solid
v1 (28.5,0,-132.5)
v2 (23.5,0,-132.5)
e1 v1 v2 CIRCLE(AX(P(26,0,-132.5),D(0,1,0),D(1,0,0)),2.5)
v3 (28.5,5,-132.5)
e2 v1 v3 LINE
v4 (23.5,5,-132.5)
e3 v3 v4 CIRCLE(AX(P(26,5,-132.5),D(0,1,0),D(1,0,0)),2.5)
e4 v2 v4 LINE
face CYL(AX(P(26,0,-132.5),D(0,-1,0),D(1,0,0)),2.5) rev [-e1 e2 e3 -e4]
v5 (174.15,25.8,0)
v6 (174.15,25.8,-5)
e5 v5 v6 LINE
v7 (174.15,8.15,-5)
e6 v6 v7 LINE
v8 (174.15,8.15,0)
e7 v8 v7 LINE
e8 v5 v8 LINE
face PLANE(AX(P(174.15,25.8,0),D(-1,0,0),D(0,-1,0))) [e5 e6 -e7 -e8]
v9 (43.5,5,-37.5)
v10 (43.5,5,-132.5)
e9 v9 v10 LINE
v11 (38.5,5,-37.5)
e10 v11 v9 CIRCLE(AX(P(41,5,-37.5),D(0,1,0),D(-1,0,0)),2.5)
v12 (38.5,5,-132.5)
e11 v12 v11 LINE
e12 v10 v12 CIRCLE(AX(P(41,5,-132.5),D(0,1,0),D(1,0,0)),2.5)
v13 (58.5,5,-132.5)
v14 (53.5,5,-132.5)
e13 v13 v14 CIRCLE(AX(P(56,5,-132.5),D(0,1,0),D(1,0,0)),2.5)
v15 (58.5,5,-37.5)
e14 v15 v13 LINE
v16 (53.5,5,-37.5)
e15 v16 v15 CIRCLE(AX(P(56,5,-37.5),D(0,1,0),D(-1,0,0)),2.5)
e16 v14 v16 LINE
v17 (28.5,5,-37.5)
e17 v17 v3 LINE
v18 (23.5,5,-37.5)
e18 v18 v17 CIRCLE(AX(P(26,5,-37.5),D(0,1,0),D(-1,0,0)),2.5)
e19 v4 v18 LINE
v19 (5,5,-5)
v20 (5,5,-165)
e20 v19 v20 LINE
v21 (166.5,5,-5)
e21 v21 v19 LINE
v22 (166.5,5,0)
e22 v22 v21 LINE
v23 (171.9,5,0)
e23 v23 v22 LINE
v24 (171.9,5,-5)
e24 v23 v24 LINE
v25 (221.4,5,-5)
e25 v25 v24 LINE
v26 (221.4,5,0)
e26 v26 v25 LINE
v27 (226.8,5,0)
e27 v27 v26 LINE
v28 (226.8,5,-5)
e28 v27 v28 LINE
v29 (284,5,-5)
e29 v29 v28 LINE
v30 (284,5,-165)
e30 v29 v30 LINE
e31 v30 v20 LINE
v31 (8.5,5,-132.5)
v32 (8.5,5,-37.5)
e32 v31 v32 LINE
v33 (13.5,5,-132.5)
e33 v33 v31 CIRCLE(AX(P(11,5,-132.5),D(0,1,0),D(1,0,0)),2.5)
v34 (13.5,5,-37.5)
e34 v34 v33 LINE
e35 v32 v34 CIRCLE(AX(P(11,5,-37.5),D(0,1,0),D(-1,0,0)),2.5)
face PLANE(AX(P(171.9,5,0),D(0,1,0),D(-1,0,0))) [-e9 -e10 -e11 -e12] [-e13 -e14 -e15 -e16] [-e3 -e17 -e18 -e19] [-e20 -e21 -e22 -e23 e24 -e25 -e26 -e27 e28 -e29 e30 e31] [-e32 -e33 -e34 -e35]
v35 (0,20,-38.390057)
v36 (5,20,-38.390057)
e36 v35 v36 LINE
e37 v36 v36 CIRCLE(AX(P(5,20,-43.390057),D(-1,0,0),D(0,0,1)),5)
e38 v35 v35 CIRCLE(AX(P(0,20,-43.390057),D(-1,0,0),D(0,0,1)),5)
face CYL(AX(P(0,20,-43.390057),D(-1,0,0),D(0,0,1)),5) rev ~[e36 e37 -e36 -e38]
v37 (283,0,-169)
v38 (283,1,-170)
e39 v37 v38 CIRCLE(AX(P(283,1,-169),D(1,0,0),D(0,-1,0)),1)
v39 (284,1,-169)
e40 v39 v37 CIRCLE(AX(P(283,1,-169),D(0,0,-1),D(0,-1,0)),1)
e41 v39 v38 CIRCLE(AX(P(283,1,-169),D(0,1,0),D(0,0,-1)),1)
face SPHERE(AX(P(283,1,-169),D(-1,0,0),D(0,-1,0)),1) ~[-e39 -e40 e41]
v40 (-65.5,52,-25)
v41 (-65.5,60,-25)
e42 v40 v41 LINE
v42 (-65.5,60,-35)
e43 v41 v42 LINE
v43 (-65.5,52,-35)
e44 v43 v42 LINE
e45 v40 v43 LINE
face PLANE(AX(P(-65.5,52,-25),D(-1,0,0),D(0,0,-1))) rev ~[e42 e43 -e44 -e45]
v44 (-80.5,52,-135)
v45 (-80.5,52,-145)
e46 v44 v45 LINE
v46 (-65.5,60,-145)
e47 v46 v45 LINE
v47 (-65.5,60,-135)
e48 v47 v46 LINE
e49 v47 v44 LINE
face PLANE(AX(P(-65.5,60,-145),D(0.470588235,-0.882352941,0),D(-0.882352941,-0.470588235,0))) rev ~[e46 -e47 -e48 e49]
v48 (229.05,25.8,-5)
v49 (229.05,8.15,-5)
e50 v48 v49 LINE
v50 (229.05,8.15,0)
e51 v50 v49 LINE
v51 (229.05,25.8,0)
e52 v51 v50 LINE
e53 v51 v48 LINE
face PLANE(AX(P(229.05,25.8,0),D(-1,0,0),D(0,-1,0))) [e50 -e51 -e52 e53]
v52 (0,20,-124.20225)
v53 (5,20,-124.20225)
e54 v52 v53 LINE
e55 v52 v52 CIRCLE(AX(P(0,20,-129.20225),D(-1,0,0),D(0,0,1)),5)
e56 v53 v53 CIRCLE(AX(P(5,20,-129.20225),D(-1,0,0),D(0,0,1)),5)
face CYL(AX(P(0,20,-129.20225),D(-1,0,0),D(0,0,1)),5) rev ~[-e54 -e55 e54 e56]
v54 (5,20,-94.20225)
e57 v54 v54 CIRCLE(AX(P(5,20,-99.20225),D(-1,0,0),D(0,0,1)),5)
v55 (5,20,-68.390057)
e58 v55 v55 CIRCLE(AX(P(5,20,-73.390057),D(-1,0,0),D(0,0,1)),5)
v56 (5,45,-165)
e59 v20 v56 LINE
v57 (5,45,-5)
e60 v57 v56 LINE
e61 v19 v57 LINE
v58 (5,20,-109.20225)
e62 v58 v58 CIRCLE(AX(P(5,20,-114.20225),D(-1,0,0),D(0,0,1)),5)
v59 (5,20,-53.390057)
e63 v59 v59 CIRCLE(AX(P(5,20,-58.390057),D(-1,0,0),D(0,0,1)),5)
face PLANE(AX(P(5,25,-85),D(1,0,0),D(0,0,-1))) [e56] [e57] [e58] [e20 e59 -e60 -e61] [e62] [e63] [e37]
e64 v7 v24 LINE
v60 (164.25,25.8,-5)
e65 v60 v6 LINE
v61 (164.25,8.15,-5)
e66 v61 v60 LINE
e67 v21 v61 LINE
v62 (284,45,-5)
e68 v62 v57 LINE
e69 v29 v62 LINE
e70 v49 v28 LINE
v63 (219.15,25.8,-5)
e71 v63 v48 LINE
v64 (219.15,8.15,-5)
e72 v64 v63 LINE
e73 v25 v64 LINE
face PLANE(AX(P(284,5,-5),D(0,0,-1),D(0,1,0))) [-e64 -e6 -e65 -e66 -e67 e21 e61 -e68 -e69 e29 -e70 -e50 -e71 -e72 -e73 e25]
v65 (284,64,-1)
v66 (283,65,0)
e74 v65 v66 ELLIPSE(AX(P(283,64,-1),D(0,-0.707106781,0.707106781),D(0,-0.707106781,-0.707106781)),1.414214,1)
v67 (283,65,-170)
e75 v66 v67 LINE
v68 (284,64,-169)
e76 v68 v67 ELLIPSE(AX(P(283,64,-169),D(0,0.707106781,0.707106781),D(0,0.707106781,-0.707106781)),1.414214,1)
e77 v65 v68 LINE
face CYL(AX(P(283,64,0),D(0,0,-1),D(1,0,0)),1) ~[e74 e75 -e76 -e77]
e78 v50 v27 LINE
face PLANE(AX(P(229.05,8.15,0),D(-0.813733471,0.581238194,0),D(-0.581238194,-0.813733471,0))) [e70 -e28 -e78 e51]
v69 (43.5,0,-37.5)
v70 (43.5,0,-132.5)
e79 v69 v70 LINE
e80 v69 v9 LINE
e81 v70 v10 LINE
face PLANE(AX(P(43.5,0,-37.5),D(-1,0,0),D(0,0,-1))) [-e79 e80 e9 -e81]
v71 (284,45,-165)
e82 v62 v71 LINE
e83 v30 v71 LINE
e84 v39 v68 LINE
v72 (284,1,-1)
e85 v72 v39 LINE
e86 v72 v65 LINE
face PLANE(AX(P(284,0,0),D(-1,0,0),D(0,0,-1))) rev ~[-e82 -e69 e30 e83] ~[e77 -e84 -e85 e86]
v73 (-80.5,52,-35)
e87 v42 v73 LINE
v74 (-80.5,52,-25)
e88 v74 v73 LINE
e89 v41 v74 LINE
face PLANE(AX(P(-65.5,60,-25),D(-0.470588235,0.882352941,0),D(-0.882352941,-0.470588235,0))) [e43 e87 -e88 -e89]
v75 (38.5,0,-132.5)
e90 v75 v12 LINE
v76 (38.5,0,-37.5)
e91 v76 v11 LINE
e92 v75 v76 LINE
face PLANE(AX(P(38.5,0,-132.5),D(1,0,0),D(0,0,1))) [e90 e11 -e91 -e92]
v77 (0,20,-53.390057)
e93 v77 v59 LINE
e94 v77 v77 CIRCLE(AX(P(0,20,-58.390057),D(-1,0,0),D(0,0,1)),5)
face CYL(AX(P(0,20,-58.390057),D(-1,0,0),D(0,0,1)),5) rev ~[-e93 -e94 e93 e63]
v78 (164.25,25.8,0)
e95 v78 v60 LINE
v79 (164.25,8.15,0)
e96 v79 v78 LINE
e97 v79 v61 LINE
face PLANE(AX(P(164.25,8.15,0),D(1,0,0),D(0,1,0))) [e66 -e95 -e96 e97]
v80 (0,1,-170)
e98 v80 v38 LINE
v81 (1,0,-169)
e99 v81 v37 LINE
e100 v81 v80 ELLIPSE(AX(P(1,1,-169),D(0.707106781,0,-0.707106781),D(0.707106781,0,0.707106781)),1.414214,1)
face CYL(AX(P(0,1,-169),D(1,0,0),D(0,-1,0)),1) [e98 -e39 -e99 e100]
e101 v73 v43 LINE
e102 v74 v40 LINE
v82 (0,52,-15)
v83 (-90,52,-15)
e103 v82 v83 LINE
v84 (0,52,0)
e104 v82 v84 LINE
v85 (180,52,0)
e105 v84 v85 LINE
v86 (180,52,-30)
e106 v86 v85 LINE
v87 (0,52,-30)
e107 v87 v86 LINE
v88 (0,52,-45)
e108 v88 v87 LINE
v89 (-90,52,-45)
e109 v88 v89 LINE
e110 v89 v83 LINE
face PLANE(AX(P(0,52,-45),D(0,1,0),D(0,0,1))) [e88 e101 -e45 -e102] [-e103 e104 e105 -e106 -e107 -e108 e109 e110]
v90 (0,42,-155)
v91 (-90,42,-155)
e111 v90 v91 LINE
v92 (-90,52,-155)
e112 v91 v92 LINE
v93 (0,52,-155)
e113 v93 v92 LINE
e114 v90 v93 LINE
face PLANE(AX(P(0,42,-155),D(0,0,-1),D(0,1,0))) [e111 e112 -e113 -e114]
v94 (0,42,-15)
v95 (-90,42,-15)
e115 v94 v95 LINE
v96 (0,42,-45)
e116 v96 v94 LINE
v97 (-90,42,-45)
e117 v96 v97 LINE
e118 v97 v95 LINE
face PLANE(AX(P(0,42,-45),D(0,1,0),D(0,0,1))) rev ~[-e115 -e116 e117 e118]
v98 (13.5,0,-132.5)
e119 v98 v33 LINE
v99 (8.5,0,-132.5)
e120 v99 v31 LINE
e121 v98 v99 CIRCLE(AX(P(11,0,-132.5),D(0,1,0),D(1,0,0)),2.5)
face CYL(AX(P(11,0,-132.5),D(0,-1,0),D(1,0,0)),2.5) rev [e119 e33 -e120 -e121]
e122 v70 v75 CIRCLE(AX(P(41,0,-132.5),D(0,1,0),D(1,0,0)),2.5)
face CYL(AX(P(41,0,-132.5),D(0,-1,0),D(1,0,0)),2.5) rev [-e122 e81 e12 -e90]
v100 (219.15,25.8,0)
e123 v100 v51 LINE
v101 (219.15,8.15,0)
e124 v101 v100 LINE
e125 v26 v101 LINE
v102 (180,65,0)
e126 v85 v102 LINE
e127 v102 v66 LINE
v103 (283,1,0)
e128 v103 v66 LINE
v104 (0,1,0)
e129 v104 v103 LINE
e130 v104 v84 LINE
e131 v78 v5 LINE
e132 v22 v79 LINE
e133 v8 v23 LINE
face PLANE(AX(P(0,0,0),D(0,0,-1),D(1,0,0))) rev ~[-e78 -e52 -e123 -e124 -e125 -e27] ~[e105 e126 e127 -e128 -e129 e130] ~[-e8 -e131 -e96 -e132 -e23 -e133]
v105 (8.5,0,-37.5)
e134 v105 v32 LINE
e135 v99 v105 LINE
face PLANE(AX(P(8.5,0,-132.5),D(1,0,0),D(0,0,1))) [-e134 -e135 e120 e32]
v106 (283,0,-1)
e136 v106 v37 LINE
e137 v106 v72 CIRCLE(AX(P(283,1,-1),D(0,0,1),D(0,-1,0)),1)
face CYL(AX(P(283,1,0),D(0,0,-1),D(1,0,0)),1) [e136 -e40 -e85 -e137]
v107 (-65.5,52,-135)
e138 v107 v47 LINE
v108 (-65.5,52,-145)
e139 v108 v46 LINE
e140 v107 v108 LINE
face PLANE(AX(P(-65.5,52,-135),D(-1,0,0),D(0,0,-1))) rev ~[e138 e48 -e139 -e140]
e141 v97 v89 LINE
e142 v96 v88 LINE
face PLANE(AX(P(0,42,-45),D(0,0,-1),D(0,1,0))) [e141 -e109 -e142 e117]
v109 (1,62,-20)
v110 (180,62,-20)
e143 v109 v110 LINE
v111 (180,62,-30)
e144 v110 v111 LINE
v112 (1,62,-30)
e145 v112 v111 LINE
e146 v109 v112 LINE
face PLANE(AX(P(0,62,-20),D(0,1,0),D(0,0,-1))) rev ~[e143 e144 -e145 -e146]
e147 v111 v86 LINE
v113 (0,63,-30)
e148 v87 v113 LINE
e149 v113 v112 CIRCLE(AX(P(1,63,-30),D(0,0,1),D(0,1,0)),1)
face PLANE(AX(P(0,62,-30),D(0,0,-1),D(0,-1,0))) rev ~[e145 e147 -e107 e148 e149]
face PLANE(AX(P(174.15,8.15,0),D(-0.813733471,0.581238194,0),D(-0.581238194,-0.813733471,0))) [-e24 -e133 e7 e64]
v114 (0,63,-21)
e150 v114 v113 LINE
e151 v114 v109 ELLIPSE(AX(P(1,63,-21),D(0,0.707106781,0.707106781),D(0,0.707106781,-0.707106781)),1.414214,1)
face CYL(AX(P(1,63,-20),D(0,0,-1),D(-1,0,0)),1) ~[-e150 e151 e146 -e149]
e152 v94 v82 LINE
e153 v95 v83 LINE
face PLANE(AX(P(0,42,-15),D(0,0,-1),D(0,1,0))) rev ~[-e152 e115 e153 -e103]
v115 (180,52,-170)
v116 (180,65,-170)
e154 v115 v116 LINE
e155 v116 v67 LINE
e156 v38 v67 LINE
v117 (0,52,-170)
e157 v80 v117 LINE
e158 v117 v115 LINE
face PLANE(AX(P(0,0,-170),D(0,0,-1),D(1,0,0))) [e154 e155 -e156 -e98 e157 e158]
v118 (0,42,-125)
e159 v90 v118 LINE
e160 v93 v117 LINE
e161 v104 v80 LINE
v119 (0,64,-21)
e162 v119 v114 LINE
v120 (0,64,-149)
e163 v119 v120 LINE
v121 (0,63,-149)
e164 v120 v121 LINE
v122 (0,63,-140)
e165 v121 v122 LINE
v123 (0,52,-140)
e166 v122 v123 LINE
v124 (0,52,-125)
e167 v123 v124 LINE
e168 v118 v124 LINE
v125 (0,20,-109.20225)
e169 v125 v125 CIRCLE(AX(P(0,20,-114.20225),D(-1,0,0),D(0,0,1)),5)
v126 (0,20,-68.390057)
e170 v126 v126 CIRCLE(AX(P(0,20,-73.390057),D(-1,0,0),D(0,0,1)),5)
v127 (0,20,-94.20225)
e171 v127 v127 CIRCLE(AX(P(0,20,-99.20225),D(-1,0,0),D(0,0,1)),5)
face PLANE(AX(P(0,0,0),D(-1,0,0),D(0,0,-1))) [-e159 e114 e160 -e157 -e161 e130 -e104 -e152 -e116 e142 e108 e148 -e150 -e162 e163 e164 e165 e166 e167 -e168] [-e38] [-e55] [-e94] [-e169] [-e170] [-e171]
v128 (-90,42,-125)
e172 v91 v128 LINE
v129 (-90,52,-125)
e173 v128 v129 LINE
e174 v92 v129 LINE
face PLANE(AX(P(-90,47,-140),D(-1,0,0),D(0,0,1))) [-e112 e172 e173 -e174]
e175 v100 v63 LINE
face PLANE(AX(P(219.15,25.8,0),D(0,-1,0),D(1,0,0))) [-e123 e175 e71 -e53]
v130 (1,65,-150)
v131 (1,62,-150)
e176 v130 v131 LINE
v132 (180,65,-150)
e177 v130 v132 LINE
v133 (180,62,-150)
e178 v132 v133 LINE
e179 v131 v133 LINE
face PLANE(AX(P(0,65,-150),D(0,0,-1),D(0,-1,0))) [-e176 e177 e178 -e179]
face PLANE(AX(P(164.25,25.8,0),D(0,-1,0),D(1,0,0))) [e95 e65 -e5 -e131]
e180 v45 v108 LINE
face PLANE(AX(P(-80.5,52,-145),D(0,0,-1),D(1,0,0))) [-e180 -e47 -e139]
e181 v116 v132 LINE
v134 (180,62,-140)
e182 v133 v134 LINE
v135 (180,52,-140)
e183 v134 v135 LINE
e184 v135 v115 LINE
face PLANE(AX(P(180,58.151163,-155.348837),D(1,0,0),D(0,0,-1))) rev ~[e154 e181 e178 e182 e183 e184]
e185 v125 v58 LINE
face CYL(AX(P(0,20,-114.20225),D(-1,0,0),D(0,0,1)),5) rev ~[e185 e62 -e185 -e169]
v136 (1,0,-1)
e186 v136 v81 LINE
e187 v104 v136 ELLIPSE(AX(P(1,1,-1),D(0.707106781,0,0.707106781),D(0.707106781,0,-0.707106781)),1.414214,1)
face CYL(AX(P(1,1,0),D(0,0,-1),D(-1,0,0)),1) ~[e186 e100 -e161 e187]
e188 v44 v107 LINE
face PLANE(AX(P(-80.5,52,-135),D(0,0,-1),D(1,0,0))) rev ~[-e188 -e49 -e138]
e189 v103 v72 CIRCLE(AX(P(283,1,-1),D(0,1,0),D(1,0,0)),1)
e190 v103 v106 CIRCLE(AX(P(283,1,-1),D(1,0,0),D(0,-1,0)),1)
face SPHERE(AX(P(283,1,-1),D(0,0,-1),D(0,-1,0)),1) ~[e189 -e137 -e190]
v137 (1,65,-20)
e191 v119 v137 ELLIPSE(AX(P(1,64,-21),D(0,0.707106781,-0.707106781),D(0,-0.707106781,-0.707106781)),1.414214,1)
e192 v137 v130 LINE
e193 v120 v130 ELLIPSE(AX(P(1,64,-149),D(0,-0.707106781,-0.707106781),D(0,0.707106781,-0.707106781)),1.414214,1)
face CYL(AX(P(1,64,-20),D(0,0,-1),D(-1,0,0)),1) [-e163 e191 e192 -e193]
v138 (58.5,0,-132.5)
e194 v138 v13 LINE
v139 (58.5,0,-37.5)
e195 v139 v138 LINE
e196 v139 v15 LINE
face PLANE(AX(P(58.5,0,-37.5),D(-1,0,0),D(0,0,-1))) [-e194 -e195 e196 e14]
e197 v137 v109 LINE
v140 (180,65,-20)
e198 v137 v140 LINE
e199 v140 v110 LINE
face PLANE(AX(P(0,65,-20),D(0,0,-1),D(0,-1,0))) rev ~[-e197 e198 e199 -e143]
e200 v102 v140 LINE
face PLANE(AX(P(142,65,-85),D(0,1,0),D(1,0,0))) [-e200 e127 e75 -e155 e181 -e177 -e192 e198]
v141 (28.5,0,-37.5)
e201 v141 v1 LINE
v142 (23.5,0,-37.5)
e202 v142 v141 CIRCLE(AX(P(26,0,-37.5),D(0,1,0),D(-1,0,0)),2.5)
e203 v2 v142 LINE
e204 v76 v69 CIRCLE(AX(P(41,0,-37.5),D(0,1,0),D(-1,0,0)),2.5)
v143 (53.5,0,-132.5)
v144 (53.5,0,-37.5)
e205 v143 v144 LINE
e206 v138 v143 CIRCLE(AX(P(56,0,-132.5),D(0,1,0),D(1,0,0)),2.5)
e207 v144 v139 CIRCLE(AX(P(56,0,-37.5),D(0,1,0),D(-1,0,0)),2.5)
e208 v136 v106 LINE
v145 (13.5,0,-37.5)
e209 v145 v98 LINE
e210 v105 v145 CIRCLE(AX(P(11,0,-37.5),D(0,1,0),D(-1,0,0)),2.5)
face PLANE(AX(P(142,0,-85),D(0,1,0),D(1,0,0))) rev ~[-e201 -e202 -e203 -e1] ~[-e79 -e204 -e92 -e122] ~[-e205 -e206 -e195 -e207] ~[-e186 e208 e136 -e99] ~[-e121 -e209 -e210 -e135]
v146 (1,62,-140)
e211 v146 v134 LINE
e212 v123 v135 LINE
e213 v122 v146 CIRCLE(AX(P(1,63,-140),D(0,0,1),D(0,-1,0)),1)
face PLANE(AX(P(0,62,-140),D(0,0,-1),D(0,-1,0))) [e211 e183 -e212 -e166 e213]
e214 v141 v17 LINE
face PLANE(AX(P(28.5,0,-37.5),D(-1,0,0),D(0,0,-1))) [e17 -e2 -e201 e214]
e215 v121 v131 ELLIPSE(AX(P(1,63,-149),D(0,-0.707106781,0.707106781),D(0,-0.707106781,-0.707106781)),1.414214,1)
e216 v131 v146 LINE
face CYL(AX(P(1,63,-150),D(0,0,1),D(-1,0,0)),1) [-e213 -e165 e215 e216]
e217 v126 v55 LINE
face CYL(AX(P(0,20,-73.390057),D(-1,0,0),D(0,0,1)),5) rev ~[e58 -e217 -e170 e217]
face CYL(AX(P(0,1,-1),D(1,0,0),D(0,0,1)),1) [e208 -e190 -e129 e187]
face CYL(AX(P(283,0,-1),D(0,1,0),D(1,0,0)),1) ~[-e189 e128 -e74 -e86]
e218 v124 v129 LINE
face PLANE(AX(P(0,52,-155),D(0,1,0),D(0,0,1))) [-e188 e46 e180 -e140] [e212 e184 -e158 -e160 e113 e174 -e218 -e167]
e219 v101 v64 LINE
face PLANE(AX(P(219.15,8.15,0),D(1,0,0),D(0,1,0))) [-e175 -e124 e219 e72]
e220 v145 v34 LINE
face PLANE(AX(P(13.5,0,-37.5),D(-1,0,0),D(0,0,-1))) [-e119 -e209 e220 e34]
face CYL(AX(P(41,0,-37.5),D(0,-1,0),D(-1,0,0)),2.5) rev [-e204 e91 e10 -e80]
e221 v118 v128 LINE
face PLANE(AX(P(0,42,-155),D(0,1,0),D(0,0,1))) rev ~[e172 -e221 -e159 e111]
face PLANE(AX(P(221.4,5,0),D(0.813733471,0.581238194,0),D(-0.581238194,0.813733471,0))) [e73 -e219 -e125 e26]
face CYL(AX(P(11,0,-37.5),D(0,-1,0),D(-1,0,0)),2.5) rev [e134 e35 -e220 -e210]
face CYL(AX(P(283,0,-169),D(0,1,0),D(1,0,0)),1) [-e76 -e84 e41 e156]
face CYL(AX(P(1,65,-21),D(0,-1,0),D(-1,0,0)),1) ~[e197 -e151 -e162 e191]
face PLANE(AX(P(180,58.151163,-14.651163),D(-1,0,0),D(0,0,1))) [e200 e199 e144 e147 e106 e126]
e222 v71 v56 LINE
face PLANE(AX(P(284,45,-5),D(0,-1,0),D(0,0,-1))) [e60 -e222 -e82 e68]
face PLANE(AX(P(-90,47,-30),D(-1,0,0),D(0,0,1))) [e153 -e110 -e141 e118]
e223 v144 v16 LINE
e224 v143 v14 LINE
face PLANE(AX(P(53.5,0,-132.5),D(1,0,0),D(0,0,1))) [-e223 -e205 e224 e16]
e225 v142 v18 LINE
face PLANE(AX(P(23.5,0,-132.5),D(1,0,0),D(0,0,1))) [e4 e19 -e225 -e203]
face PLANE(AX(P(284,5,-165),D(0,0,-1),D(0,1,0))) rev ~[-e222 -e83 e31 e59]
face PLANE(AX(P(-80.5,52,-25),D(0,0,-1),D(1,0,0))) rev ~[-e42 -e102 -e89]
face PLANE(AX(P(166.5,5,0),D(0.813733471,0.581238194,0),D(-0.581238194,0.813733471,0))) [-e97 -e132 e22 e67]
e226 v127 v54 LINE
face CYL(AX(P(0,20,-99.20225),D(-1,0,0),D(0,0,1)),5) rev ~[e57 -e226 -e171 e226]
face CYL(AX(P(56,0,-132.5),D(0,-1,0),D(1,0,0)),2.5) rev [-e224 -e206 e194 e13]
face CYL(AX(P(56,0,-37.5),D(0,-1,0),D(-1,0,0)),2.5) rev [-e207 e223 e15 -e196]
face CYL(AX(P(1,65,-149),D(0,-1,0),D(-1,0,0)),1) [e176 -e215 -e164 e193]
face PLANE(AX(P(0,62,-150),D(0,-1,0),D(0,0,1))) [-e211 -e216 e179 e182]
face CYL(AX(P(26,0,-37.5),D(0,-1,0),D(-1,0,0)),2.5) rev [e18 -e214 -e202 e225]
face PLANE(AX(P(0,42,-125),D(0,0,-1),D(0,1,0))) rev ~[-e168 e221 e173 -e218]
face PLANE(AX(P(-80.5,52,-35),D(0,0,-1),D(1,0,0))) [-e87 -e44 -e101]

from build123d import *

# Parameters (mm, degrees)
SKETCH1_W           = 284
SKETCH1_H           = 170
BOSS_EXTRUDE1_DEPTH = 65
CUT_EXTRUDE1_DEPTH  = 180
SKETCH3_W           = 30
SKETCH3_H           = 10
BOSS_EXTRUDE2_DEPTH = 90
SKETCH4_W           = 15
SKETCH4_H           = 10
BOSS_EXTRUDE3_DEPTH = 8
CUT_EXTRUDE2_DEPTH  = 10
CUT_EXTRUDE3_DEPTH  = 10
CUT_EXTRUDE4_DEPTH  = 5
SKETCH8_W           = 160
SKETCH8_H           = 40
CUT_EXTRUDE5_DEPTH  = 279
CUT_EXTRUDE6_DEPTH  = 5
SKETCH10_R          = 5
CUT_EXTRUDE7_DEPTH  = 5
FILLET1_R           = 1
FILLET2_R           = 1


with BuildPart() as part:
    # Sketch1 → Boss-Extrude1 (new body)
    with BuildSketch(Plane(origin=(0, 0, 0), x_dir=(1, 0, 0), z_dir=(0, 1, 0))):
        with Locations((142, 85)):
            Rectangle(SKETCH1_W, SKETCH1_H)
    extrude(amount=BOSS_EXTRUDE1_DEPTH)

    # Sketch2 → Cut-Extrude1 (cut)
    with BuildSketch(Plane.ZY):
        Polygon((-140, 52), (-170, 52), (-170, 65), (-150, 65), (-150, 62), (-140, 62), align=None)
        Polygon((-30, 52), (0, 52), (0, 65), (-20, 65), (-20, 62), (-30, 62), align=None)
    extrude(amount=-CUT_EXTRUDE1_DEPTH, mode=Mode.SUBTRACT)

    # Sketch3 → Boss-Extrude2 (add)
    with BuildSketch(Plane.ZY):
        with Locations((-140, 47)):
            Rectangle(SKETCH3_W, SKETCH3_H)
        with Locations((-30, 47)):
            Rectangle(SKETCH3_W, SKETCH3_H)
    extrude(amount=BOSS_EXTRUDE2_DEPTH)

    # Sketch4 → Boss-Extrude3 (add)
    with BuildSketch(Plane(origin=(0, 52, 0), x_dir=(1, 0, 0), z_dir=(0, 1, 0))):
        with Locations((-73, 140)):
            Rectangle(SKETCH4_W, SKETCH4_H)
        with Locations((-73, 30)):
            Rectangle(SKETCH4_W, SKETCH4_H)
    extrude(amount=BOSS_EXTRUDE3_DEPTH)

    # Sketch6 → Cut-Extrude2 (cut)
    with BuildSketch(Plane(origin=(0, 0, -145), x_dir=(-1, 0, 0), z_dir=(0, 0, -1))):
        Polygon((65.5, 60), (80.5, 52), (80.5, 60), align=None)
    extrude(amount=-CUT_EXTRUDE2_DEPTH, mode=Mode.SUBTRACT)

    # Sketch5 → Cut-Extrude3 (cut)
    with BuildSketch(Plane.XY.offset(-25)):
        Polygon((-65.5, 60), (-80.5, 52), (-80.5, 60), align=None)
    extrude(amount=-CUT_EXTRUDE3_DEPTH, mode=Mode.SUBTRACT)

    # Sketch7 → Cut-Extrude4 (cut)
    with BuildSketch(Plane.XZ):
        with BuildLine():
            Line((13.5, -37.5), (13.5, -132.5))
            ThreePointArc((13.5, -132.5), (11, -135), (8.5, -132.5))
            Line((8.5, -132.5), (8.5, -37.5))
            ThreePointArc((8.5, -37.5), (11, -35), (13.5, -37.5))
        make_face()
        with BuildLine():
            Line((58.5, -37.5), (58.5, -132.5))
            ThreePointArc((58.5, -132.5), (56, -135), (53.5, -132.5))
            Line((53.5, -132.5), (53.5, -37.5))
            ThreePointArc((53.5, -37.5), (56, -35), (58.5, -37.5))
        make_face()
        with BuildLine():
            Line((28.5, -37.5), (28.5, -132.5))
            ThreePointArc((28.5, -132.5), (26, -135), (23.5, -132.5))
            Line((23.5, -132.5), (23.5, -37.5))
            ThreePointArc((23.5, -37.5), (26, -35), (28.5, -37.5))
        make_face()
        with BuildLine():
            Line((43.5, -37.5), (43.5, -132.5))
            ThreePointArc((43.5, -132.5), (41, -135), (38.5, -132.5))
            Line((38.5, -132.5), (38.5, -37.5))
            ThreePointArc((38.5, -37.5), (41, -35), (43.5, -37.5))
        make_face()
    extrude(amount=-CUT_EXTRUDE4_DEPTH, mode=Mode.SUBTRACT)

    # Sketch8 → Cut-Extrude5 (cut)
    with BuildSketch(Plane(origin=(284, 0, 0), x_dir=(0, 0, -1), z_dir=(1, 0, 0))):
        with Locations((85, 25)):
            Rectangle(SKETCH8_W, SKETCH8_H)
    extrude(amount=-CUT_EXTRUDE5_DEPTH, mode=Mode.SUBTRACT)

    # Sketch9 → Cut-Extrude6 (cut)
    with BuildSketch(Plane.XY):
        Polygon((219.15, 25.8), (229.05, 25.8), (229.05, 8.15), (226.8, 5), (221.4, 5), (219.15, 8.15), align=None)
        Polygon((164.25, 25.8), (174.15, 25.8), (174.15, 8.15), (171.9, 5), (166.5, 5), (164.25, 8.15), align=None)
    extrude(amount=-CUT_EXTRUDE6_DEPTH, mode=Mode.SUBTRACT)

    # Sketch10 → Cut-Extrude7 (cut)
    with BuildSketch(Plane.ZY):
        with Locations((-129.202249563, 20)):
            Circle(SKETCH10_R)
        with Locations((-114.202249563, 20)):
            Circle(SKETCH10_R)
        with Locations((-99.202249563, 20)):
            Circle(SKETCH10_R)
        with Locations((-43.390057257, 20)):
            Circle(SKETCH10_R)
        with Locations((-58.390057257, 20)):
            Circle(SKETCH10_R)
        with Locations((-73.390057257, 20)):
            Circle(SKETCH10_R)
    extrude(amount=-CUT_EXTRUDE7_DEPTH, mode=Mode.SUBTRACT)

    # Fillet1
    fillet1_edges = [part.edges().sort_by_distance(p)[0] for p in [
        (0, 65, -85),
        (0, 63.5, -150),
        (0, 62, -145),
        (0, 62, -25),
        (0, 63.5, -20),
    ]]
    fillet(fillet1_edges, radius=FILLET1_R)

    # Fillet2
    fillet2_edges = [part.edges().sort_by_distance(p)[0] for p in [
        (284, 65, -85),
        (142, 0, -170),
        (284, 0, -85),
        (142, 0, 0),
        (0, 0, -85),
        (284, 32.5, -170),
        (284, 32.5, 0),
    ]]
    fillet(fillet2_edges, radius=FILLET2_R)


solid = part.part
